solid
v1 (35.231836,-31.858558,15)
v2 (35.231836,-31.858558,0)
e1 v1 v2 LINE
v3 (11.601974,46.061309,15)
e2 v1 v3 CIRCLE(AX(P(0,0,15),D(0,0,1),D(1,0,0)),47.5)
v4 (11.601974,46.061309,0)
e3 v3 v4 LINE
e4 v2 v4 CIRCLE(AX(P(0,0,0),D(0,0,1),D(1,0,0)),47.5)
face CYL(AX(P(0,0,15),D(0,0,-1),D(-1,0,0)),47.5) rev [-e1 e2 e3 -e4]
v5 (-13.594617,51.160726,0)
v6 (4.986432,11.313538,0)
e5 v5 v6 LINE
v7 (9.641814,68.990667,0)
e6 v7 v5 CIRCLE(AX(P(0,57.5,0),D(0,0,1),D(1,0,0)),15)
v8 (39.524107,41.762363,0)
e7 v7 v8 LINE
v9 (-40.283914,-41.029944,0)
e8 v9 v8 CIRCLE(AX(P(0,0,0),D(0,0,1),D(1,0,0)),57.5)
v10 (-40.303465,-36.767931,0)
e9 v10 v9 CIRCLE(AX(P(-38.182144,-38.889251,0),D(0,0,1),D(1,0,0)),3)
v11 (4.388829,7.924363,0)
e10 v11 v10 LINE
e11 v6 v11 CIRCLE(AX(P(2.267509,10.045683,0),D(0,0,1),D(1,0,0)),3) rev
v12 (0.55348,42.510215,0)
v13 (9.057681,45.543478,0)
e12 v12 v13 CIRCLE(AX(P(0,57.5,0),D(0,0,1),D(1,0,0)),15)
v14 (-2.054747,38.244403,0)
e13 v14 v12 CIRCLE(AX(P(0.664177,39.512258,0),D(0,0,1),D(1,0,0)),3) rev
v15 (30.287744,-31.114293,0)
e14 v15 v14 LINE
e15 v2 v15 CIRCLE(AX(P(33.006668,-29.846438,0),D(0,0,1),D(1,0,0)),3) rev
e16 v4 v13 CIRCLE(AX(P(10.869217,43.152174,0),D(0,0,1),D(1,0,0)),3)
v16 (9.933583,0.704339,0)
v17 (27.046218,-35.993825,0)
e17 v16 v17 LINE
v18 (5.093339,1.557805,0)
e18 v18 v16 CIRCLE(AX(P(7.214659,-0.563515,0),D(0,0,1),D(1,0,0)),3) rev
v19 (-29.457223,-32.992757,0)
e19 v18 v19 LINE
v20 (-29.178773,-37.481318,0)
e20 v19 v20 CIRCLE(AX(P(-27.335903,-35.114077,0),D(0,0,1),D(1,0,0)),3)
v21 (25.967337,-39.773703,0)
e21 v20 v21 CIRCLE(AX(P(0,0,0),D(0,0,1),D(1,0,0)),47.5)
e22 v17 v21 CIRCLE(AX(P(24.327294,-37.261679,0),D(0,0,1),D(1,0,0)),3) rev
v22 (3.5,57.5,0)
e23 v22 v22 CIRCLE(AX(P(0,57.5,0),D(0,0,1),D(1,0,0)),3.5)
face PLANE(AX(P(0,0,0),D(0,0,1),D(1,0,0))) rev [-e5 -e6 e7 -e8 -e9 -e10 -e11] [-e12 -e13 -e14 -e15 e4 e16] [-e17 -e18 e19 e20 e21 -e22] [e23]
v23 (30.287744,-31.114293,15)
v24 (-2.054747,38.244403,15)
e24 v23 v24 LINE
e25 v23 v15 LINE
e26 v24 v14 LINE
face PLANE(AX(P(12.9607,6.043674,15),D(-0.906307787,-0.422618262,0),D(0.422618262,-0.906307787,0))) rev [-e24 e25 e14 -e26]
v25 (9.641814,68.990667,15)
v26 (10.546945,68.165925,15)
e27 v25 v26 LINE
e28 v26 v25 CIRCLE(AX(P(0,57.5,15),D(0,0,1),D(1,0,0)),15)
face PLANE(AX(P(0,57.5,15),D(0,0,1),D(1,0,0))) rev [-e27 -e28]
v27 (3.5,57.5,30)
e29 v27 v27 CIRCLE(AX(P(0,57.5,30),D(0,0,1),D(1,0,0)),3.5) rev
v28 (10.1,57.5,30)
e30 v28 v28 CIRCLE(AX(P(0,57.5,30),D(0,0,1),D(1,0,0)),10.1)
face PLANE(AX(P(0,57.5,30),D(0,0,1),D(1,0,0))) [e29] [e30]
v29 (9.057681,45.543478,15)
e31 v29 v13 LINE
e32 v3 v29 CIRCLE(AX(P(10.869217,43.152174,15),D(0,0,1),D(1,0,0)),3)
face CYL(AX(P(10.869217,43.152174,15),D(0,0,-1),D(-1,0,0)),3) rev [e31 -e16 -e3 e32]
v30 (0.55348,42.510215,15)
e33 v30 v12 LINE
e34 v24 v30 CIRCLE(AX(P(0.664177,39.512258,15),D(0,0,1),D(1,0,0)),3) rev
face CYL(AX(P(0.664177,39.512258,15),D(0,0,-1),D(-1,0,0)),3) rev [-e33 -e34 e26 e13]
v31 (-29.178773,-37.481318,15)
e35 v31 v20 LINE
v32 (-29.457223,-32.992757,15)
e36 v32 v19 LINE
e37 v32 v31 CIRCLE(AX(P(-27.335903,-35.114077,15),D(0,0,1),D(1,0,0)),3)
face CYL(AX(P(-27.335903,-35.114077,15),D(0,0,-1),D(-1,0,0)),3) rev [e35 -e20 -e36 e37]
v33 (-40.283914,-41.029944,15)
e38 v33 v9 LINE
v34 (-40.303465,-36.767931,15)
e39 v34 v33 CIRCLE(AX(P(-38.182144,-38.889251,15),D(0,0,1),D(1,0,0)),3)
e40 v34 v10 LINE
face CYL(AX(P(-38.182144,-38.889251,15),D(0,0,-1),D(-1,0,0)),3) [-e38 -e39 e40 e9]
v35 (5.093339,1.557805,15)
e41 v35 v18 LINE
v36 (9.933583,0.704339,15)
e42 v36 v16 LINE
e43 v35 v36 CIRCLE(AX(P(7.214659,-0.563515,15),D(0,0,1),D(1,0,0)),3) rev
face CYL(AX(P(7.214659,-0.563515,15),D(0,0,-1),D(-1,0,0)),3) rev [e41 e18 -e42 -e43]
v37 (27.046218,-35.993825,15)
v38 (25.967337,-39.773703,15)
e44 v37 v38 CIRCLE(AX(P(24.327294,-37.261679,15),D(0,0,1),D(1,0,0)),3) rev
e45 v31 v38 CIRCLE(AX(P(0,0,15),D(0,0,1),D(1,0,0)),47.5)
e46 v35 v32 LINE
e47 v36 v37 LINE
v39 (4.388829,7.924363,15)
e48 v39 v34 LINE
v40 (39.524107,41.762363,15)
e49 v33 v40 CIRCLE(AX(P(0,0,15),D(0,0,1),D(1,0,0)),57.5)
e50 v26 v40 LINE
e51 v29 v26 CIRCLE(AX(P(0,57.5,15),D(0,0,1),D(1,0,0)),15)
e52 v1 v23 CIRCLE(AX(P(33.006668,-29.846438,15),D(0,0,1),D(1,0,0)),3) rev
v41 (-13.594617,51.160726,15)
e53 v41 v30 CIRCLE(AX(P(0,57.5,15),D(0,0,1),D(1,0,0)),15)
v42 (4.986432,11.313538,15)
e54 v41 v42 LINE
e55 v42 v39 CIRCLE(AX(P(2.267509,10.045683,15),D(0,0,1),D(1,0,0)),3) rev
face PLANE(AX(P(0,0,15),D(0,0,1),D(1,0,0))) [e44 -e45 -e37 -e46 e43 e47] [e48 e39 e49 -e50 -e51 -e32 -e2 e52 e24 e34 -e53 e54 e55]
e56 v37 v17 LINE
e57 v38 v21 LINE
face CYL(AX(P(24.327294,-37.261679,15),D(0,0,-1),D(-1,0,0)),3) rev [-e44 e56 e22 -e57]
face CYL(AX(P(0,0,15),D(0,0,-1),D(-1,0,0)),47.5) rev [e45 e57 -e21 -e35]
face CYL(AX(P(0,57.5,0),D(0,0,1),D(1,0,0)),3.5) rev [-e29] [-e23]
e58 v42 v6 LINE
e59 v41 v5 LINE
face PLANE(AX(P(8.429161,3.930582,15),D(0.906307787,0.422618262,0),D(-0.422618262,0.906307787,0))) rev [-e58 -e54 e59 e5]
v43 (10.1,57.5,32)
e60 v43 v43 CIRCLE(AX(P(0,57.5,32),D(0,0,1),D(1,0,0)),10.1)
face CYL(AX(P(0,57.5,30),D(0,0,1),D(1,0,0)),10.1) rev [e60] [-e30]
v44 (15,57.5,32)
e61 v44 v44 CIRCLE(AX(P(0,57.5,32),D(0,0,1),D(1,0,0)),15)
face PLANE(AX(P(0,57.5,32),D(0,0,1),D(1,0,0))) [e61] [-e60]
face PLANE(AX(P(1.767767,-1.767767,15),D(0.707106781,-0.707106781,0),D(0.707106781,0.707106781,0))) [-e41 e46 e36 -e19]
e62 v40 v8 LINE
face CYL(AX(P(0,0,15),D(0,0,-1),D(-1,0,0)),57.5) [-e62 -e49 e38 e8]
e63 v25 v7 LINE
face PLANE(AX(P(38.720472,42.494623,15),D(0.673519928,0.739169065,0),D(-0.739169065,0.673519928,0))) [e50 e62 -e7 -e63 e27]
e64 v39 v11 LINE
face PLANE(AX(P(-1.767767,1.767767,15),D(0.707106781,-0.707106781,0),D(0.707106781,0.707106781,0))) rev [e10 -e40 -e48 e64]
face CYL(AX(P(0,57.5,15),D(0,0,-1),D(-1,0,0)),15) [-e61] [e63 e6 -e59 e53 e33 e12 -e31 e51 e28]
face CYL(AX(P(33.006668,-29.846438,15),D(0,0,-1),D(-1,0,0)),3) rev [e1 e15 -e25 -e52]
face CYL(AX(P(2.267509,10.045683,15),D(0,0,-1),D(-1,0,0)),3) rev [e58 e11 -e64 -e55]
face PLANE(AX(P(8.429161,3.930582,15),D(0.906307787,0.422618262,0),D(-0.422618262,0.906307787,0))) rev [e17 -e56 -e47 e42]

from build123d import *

# Parameters (mm, degrees)
EXTRUDE_1_DEPTH     = 15
SKETCH_6_R          = 3.5
CUT_EXTRUDE_2_DEPTH = 15
SKETCH_9_R          = 15
SKETCH_9_R_2        = 3.5
EXTRUDE_2_DEPTH     = 17
SKETCH_10_R         = 10.1
CUT_EXTRUDE_5_DEPTH = 2


with BuildPart() as part:
    # ｽｹｯﾁ1 → ﾎﾞｽ - 押し出し1 (new body)
    with BuildSketch(Plane.XY):
        with BuildLine():
            Line((10.546944731, 68.165925034), (9.641814145, 68.990666647))
            ThreePointArc((9.641814145, 68.990666647), (-9.131421435, 69.400300104), (-13.594616806, 51.160726074))
            Line((-13.594616806, 51.160726074), (4.986432096, 11.313538113))
            ThreePointArc((4.986432096, 11.313538113), (5.221931994, 9.524738795), (4.388829079, 7.924362985))
            Line((4.388829079, 7.924362985), (-40.303464689, -36.767930783))
            ThreePointArc((-40.303464689, -36.767930783), (-41.182112782, -38.903012739), (-40.283913759, -41.029943849))
            ThreePointArc((-40.283913759, -41.029943849), (41.397896806, -39.905690573), (39.524106652, 41.762363359))
            Line((39.524106652, 41.762363359), (37.916838192, 43.226882625))
            Line((37.916838192, 43.226882625), (10.546944731, 68.165925034))
        make_face()
        with BuildLine():
            ThreePointArc((5.093338956, 1.55780505), (7.735603832, 2.390907965), (9.933582661, 0.704339492))
            Line((9.933582661, 0.704339492), (27.046217634, -35.993824637))
            ThreePointArc((27.046217634, -35.993824637), (27.212084573, -38.085077821), (25.967336583, -39.773702754))
            ThreePointArc((25.967336583, -39.773702754), (-1.972837213, -47.459012983), (-29.17877254, -37.481318454))
            ThreePointArc((-29.17877254, -37.481318454), (-30.330146685, -35.299826939), (-29.457223039, -32.992756945))
            Line((-29.457223039, -32.992756945), (5.093338956, 1.55780505))
        make_face(mode=Mode.SUBTRACT)
        with BuildLine():
            ThreePointArc((35.231836325, -31.858557864), (32.560090836, -32.813013733), (30.287744354, -31.114293205))
            Line((30.287744354, -31.114293205), (-2.054746852, 38.244403012))
            ThreePointArc((-2.054746852, 38.244403012), (-1.895310582, 41.077194163), (0.553480425, 42.510214831))
            ThreePointArc((0.553480425, 42.510214831), (5.039223996, 43.371793408), (9.057681155, 45.543478261))
            ThreePointArc((9.057681155, 45.543478261), (10.270904088, 46.091905397), (11.601973614, 46.061309233))
            ThreePointArc((11.601973614, 46.061309233), (45.455779175, 13.784851815), (35.231836325, -31.858557864))
        make_face(mode=Mode.SUBTRACT)
    extrude(amount=EXTRUDE_1_DEPTH)

    # ｽｹｯﾁ6 → ｶｯﾄ - 押し出し2 (cut)
    with BuildSketch(Plane.XY.offset(15)):
        with Locations((0, 57.5)):
            Circle(SKETCH_6_R)
    extrude(amount=-CUT_EXTRUDE_2_DEPTH, mode=Mode.SUBTRACT)

    # ｽｹｯﾁ9 → ﾎﾞｽ - 押し出し2 (add)
    with BuildSketch(Plane.XY.offset(15)):
        with Locations(Location((0, 57.5, 0), (0, 0, 205))):
            Circle(SKETCH_9_R)
        with Locations((0, 57.5)):
            Circle(SKETCH_9_R_2, mode=Mode.SUBTRACT)
    extrude(amount=EXTRUDE_2_DEPTH)

    # ｽｹｯﾁ10 → ｶｯﾄ - 押し出し5 (cut)
    with BuildSketch(Plane.XY.offset(32)):
        with Locations((0, 57.5)):
            Circle(SKETCH_10_R)
    extrude(amount=-CUT_EXTRUDE_5_DEPTH, mode=Mode.SUBTRACT)


solid = part.part
